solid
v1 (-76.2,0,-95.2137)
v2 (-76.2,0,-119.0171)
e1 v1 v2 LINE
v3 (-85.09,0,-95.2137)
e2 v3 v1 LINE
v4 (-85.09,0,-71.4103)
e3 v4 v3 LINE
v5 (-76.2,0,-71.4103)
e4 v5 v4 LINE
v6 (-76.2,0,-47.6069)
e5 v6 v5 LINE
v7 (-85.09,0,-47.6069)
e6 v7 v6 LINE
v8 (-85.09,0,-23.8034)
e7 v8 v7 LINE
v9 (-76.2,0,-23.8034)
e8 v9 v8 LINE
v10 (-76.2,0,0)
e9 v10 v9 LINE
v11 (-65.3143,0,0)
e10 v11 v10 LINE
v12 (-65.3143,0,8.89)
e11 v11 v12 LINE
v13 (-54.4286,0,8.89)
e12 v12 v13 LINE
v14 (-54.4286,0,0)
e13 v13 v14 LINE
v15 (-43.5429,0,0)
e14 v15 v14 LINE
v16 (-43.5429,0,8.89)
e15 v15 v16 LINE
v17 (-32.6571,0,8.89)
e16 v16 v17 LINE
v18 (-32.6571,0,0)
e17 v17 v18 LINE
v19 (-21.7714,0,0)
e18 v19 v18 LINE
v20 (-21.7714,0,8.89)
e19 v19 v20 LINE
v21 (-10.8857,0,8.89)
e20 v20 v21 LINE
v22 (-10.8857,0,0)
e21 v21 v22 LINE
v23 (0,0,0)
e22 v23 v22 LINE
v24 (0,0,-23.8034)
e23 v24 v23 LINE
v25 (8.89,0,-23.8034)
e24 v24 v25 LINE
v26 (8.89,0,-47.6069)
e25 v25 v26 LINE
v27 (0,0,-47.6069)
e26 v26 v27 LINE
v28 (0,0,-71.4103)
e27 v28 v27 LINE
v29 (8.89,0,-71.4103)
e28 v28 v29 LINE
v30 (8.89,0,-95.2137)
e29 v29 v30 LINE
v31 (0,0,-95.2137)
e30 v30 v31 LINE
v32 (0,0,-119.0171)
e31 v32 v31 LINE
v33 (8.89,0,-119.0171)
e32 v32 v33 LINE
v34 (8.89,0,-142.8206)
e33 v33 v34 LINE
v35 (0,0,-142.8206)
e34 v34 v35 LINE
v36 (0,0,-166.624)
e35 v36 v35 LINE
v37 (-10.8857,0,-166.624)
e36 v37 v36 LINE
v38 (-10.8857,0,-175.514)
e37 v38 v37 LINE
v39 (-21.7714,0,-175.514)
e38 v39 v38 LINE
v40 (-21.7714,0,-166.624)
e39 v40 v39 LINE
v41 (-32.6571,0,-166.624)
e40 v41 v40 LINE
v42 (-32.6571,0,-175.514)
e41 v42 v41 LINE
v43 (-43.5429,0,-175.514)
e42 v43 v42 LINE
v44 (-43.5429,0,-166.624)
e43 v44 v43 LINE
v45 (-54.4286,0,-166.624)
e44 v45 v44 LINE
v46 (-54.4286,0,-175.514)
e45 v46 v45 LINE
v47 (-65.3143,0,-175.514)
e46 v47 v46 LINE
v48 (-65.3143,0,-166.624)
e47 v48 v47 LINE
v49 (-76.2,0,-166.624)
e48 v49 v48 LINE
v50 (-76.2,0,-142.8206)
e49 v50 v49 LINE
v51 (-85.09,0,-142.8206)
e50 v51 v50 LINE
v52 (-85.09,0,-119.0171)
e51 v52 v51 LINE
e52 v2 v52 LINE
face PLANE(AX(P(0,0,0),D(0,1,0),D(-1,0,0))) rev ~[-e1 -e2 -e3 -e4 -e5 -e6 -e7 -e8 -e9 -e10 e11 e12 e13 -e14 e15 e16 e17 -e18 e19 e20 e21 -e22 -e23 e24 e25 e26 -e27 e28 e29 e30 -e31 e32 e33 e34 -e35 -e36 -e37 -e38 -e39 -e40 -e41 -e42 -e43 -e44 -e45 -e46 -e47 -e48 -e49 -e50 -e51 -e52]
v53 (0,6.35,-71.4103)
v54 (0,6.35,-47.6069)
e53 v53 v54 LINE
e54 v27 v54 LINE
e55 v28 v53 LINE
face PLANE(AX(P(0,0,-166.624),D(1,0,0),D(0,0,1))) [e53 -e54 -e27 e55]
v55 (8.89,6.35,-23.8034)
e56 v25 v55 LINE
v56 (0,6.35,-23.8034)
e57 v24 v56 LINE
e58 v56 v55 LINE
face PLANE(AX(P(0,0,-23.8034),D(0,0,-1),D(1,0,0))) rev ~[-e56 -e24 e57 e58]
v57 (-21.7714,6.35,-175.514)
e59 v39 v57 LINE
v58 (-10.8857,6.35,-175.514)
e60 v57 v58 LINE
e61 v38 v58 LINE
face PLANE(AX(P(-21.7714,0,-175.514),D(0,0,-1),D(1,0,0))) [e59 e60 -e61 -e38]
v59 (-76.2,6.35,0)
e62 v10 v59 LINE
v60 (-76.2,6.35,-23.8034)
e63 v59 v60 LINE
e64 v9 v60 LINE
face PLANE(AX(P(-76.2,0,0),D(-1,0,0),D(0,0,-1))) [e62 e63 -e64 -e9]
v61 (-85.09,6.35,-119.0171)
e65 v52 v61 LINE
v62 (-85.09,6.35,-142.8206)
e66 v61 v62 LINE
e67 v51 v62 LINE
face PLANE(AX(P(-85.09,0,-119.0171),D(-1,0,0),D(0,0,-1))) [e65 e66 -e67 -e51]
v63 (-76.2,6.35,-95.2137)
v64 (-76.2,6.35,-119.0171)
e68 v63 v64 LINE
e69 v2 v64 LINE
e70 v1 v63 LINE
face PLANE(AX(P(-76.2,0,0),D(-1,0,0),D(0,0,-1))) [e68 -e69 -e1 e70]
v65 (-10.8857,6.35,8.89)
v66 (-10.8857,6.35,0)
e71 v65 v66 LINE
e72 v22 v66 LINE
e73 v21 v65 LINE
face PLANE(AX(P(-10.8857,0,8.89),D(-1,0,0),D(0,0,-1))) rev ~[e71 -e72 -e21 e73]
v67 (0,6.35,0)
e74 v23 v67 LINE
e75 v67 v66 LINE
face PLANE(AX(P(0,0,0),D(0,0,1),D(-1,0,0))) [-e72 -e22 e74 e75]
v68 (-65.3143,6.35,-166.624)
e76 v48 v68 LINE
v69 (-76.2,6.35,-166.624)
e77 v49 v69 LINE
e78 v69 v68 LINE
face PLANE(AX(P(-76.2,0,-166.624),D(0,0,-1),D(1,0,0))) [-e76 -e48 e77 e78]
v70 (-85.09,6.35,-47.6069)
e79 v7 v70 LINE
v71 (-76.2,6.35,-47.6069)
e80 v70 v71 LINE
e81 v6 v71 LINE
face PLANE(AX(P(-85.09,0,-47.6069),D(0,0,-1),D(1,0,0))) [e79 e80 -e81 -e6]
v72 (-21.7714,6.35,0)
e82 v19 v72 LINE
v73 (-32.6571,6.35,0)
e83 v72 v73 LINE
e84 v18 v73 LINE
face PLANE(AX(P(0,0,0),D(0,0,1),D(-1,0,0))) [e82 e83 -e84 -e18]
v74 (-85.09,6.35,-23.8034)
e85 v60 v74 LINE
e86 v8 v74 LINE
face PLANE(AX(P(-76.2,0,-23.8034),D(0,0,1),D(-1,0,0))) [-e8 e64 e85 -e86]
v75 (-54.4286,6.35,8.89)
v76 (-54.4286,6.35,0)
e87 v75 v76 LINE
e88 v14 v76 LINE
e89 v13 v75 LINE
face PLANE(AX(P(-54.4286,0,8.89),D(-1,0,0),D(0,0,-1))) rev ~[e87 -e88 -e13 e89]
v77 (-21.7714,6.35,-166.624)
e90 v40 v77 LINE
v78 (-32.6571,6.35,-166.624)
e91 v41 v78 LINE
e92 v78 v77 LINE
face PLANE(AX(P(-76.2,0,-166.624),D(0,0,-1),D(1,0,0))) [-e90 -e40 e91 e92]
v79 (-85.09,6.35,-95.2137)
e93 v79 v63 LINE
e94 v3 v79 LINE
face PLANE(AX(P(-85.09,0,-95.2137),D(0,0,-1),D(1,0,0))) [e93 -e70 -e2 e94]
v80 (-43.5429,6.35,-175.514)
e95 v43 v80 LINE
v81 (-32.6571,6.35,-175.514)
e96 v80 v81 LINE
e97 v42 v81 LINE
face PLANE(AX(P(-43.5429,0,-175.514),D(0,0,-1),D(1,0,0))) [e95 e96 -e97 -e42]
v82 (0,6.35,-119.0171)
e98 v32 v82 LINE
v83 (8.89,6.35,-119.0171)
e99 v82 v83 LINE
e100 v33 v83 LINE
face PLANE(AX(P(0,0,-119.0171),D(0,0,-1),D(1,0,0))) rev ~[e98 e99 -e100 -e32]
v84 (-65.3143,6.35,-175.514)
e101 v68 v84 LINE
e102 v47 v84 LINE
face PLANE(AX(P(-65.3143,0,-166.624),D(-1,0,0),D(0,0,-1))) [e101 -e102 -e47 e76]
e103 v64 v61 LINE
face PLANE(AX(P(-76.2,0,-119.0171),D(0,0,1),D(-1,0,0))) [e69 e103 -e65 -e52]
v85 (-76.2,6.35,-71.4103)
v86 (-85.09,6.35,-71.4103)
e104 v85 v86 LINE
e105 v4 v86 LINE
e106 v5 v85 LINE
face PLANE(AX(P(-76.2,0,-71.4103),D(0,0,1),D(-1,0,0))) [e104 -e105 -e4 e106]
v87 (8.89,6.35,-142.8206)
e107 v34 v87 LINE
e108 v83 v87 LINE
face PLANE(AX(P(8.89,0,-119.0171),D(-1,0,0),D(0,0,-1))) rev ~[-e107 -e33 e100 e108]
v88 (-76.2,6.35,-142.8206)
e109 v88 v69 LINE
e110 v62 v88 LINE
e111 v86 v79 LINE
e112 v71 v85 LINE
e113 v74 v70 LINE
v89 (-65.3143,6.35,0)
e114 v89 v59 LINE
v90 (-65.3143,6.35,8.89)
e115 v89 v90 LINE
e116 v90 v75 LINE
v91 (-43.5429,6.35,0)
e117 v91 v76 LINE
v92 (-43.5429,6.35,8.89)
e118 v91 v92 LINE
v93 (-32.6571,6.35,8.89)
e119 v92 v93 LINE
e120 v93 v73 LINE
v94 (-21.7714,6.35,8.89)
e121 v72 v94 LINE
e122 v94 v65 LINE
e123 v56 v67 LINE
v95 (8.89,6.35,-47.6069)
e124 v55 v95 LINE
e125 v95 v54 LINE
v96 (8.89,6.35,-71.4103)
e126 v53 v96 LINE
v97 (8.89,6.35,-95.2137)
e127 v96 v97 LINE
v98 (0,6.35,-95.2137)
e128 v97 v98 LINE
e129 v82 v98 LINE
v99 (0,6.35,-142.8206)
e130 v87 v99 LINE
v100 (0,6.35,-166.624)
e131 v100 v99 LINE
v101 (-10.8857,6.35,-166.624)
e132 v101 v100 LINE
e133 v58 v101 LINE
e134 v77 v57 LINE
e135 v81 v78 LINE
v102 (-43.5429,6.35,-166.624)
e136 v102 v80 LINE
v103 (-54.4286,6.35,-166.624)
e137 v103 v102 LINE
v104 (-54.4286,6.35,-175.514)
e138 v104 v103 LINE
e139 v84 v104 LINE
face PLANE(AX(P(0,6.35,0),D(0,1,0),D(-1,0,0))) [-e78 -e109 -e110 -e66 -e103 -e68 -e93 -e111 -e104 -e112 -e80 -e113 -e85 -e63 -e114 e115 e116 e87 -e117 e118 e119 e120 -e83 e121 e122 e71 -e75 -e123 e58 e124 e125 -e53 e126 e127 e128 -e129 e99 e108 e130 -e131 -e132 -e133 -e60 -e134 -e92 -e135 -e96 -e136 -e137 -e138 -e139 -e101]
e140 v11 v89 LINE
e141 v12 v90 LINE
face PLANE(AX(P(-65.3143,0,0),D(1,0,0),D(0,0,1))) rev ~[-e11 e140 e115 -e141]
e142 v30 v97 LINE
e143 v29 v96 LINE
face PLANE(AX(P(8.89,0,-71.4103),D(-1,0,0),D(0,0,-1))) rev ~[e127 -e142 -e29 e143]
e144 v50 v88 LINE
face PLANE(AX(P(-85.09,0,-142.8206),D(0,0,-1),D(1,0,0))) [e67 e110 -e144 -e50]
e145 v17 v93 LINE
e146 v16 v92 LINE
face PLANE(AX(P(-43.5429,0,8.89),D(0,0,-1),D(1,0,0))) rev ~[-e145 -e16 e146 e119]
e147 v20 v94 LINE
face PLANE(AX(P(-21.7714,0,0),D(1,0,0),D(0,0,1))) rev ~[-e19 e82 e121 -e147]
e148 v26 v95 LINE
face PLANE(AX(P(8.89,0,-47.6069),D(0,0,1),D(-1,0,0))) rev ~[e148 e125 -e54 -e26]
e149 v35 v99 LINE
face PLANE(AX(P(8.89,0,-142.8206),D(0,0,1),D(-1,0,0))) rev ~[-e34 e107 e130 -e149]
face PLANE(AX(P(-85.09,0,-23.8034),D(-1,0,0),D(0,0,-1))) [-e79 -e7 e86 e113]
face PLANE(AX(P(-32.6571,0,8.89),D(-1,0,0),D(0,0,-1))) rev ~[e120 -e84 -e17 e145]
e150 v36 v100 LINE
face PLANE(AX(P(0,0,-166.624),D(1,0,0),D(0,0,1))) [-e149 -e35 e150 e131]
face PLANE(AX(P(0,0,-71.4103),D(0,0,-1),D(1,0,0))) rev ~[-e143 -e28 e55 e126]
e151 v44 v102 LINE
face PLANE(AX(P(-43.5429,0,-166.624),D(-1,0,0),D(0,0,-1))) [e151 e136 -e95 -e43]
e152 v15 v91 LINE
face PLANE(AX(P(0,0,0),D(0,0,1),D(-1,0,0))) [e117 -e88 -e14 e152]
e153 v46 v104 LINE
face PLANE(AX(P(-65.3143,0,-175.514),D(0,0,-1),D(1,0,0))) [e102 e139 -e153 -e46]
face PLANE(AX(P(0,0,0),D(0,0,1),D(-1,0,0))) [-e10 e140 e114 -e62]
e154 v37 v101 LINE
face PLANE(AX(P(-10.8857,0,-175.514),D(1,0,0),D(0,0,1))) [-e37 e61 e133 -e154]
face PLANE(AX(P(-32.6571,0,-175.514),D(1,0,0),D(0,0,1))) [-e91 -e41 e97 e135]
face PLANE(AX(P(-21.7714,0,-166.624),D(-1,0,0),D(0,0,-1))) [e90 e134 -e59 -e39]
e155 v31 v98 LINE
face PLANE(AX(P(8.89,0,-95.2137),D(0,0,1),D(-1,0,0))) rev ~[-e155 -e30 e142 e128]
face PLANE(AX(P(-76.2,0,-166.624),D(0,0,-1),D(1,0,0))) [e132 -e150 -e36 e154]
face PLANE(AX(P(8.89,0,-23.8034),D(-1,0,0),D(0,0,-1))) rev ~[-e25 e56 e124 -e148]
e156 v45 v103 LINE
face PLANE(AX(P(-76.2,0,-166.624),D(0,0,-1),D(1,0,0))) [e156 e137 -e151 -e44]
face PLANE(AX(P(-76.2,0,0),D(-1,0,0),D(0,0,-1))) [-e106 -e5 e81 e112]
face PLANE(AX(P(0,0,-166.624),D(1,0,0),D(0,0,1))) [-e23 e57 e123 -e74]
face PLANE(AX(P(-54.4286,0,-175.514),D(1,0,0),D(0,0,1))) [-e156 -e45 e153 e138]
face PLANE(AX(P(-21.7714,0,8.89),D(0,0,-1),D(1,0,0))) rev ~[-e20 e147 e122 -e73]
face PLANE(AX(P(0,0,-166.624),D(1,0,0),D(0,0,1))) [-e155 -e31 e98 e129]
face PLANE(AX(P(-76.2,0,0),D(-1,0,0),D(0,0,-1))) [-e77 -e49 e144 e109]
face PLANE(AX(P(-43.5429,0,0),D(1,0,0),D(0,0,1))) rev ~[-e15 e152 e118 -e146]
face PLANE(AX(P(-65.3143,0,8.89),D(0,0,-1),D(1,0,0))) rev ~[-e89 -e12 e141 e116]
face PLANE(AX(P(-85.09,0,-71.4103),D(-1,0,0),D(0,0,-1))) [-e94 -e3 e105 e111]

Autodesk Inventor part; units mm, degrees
ref_plane "YZ Plane" through (0, 0, 0) normal (1, 0, 0) x (0, 1, 0)
ref_plane "XZ Plane" through (0, 0, 0) normal (0, 1, 0) x (-1, 0, 0)
ref_plane "XY Plane" through (0, 0, 0) normal (0, 0, 1) x (1, 0, 0)
sketch "Sketch1" plane through (0, 0, 0) normal (0, 1, 0) x (-1, 0, 0)
  point P0 (0, 0)
sketch "Sketch2" plane through (0, 0, 0) normal (0, 1, 0) x (-1, 0, 0)
  line L0 (0, 0) -> (76.2, 0)
  line L1 (76.2, 0) -> (76.2, -166.624)
  line L2 (76.2, -166.624) -> (0, -166.624)
  line L3 (0, -166.624) -> (0, 0)
  dimension "d0" = 76.2
  dimension "d1" = 166.624
extrude "Base Extrusion" add sketch "Sketch2" along normal blind 6.35
sketch "Sketch3" plane through (0, 0, 0) normal (0, 1, 0) x (-1, 0, 0)
  line L0 (76.2, 0) -> (0, 0) projected
  line L1 (0, 0) -> (0, -166.624) projected
  line L2 (0, -166.624) -> (76.2, -166.624) projected
  line L3 (76.2, -166.624) -> (76.2, 0) projected
  line L4 (10.8857, 0) -> (21.7714, 0)
  line L5 (21.7714, 0) -> (21.7714, 8.89)
  line L6 (21.7714, 8.89) -> (10.8857, 8.89)
  line L7 (10.8857, 8.89) -> (10.8857, 0)
  line L8 (32.6571, 0) -> (43.5429, 0)
  line L9 (43.5429, 0) -> (43.5429, 8.89)
  line L10 (43.5429, 8.89) -> (32.6571, 8.89)
  line L11 (32.6571, 8.89) -> (32.6571, 0)
  line L12 (54.4286, 0) -> (65.3143, 0)
  line L13 (65.3143, 0) -> (65.3143, 8.89)
  line L14 (65.3143, 8.89) -> (54.4286, 8.89)
  line L15 (54.4286, 8.89) -> (54.4286, 0)
  line L16 (76.2, -83.312) -> (0, -83.312) construction
  line L17 (76.2, -166.624) -> (0, -166.624)
  line L18 (10.8857, -166.624) -> (21.7714, -166.624)
  line L19 (21.7714, -166.624) -> (21.7714, -175.514)
  line L20 (21.7714, -175.514) -> (10.8857, -175.514)
  line L21 (10.8857, -175.514) -> (10.8857, -166.624)
  line L22 (43.5429, -166.624) -> (43.5429, -175.514)
  line L23 (43.5429, -175.514) -> (32.6571, -175.514)
  line L24 (32.6571, -175.514) -> (32.6571, -166.624)
  line L25 (32.6571, -166.624) -> (43.5429, -166.624)
  line L26 (65.3143, -166.624) -> (65.3143, -175.514)
  line L27 (65.3143, -175.514) -> (54.4286, -175.514)
  line L28 (54.4286, -175.514) -> (54.4286, -166.624)
  line L29 (54.4286, -166.624) -> (65.3143, -166.624)
  line L30 (38.1, 0) -> (38.1, -166.624) construction
  line L31 (0, -23.8034) -> (-8.89, -23.8034)
  line L32 (-8.89, -23.8034) -> (-8.89, -47.6069)
  line L33 (-8.89, -47.6069) -> (0, -47.6069)
  line L34 (0, -47.6069) -> (0, -23.8034)
  line L35 (0, -71.4103) -> (-8.89, -71.4103)
  line L36 (-8.89, -71.4103) -> (-8.89, -95.2137)
  line L37 (-8.89, -95.2137) -> (0, -95.2137)
  line L38 (0, -95.2137) -> (0, -71.4103)
  line L39 (0, -119.0171) -> (-8.89, -119.0171)
  line L40 (-8.89, -119.0171) -> (-8.89, -142.8206)
  line L41 (-8.89, -142.8206) -> (0, -142.8206)
  line L42 (0, -142.8206) -> (0, -119.0171)
  line L43 (76.2, 0) -> (76.2, -166.624)
  line L44 (76.2, -23.8034) -> (85.09, -23.8034)
  line L45 (85.09, -23.8034) -> (85.09, -47.6069)
  line L46 (85.09, -47.6069) -> (76.2, -47.6069)
  line L47 (76.2, -47.6069) -> (76.2, -23.8034)
  line L48 (76.2, -71.4103) -> (85.09, -71.4103)
  line L49 (85.09, -71.4103) -> (85.09, -95.2137)
  line L50 (85.09, -95.2137) -> (76.2, -95.2137)
  line L51 (76.2, -95.2137) -> (76.2, -71.4103)
  line L52 (76.2, -119.0171) -> (85.09, -119.0171)
  line L53 (85.09, -119.0171) -> (85.09, -142.8206)
  line L54 (85.09, -142.8206) -> (76.2, -142.8206)
  line L55 (76.2, -142.8206) -> (76.2, -119.0171)
  dimension "d4" = 10.8857
  dimension "d5" = 8.89
  dimension "d6" = 10.8857
  dimension "d7" = 10.8857
  dimension "d8" = 8.89
  dimension "d9" = 10.8857
  dimension "d10" = 8.89
  dimension "d11" = 10.8857
  dimension "d13" = 10.8857
  dimension "d14" = 76.2
  dimension "d15" = 23.8034
  dimension "d16" = 166.624
  dimension "d17" = 8.89
  dimension "d18" = 23.8034
  dimension "d19" = 8.89
  dimension "d20" = 23.8034
  dimension "d21" = 8.89
  dimension "d22" = 23.8034
  dimension "d23" = 23.8034
  dimension "d24" = 23.8034
extrude "Connections" add sketch "Sketch3" along normal blind 6.35 contours L0 L15 L14 L13 | L44 L45 L46 L3 | L0 L11 L10 L9 | L48 L49 L50 L3 | L0 L7 L6 L5 | L52 L53 L54 L3 | L1 L33 L32 L31 | L26 L27 L28 L2 | L1 L37 L36 L35 | L22 L23 L24 L2 | L1 L41 L40 L39 | L19 L20 L21 L2
sketch "Sketch5" plane through (0, 6.35, 0) normal (0, 1, 0) x (1, 0, 0)
  line L0 (-76.2, 0) -> (-65.3143, 0) projected
  line L1 (-65.3143, 0) -> (-65.3143, -8.89) projected
  line L2 (-65.3143, -8.89) -> (-54.4286, -8.89) projected
  line L3 (-54.4286, -8.89) -> (-54.4286, 0) projected
  line L4 (-54.4286, 0) -> (-43.5429, 0) projected
  line L5 (-43.5429, 0) -> (-43.5429, -8.89) projected
  line L6 (-43.5429, -8.89) -> (-32.6571, -8.89) projected
  line L7 (-32.6571, -8.89) -> (-32.6571, 0) projected
  line L8 (-32.6571, 0) -> (-21.7714, 0) projected
  line L9 (-21.7714, 0) -> (-21.7714, -8.89) projected
  line L10 (-21.7714, -8.89) -> (-10.8857, -8.89) projected
  line L11 (-10.8857, -8.89) -> (-10.8857, 0) projected
  line L12 (-10.8857, 0) -> (0, 0) projected
  line L13 (0, 0) -> (0, 23.8034) projected
  line L14 (0, 23.8034) -> (8.89, 23.8034) projected
  line L15 (8.89, 23.8034) -> (8.89, 47.6069) projected
  line L16 (8.89, 47.6069) -> (0, 47.6069) projected
  line L17 (0, 47.6069) -> (0, 71.4103) projected
  line L18 (0, 71.4103) -> (8.89, 71.4103) projected
  line L19 (8.89, 71.4103) -> (8.89, 95.2137) projected
  line L20 (8.89, 95.2137) -> (0, 95.2137) projected
  line L21 (0, 95.2137) -> (0, 119.0171) projected
  line L22 (0, 119.0171) -> (8.89, 119.0171) projected
  line L23 (8.89, 119.0171) -> (8.89, 142.8206) projected
  line L24 (8.89, 142.8206) -> (0, 142.8206) projected
  line L25 (0, 142.8206) -> (0, 166.624) projected
  line L26 (0, 166.624) -> (-10.8857, 166.624) projected
  line L27 (-10.8857, 166.624) -> (-10.8857, 175.514) projected
  line L28 (-10.8857, 175.514) -> (-21.7714, 175.514) projected
  line L29 (-21.7714, 175.514) -> (-21.7714, 166.624) projected
  line L30 (-21.7714, 166.624) -> (-32.6571, 166.624) projected
  line L31 (-32.6571, 166.624) -> (-32.6571, 175.514) projected
  line L32 (-32.6571, 175.514) -> (-43.5429, 175.514) projected
  line L33 (-43.5429, 175.514) -> (-43.5429, 166.624) projected
  line L34 (-43.5429, 166.624) -> (-54.4286, 166.624) projected
  line L35 (-54.4286, 166.624) -> (-54.4286, 175.514) projected
  line L36 (-54.4286, 175.514) -> (-65.3143, 175.514) projected
  line L37 (-65.3143, 175.514) -> (-65.3143, 166.624) projected
  line L38 (-65.3143, 166.624) -> (-76.2, 166.624) projected
  line L39 (-76.2, 166.624) -> (-76.2, 142.8206) projected
  line L40 (-76.2, 142.8206) -> (-85.09, 142.8206) projected
  line L41 (-85.09, 142.8206) -> (-85.09, 119.0171) projected
  line L42 (-85.09, 119.0171) -> (-76.2, 119.0171) projected
  line L43 (-76.2, 119.0171) -> (-76.2, 95.2137) projected
  line L44 (-76.2, 95.2137) -> (-85.09, 95.2137) projected
  line L45 (-85.09, 95.2137) -> (-85.09, 71.4103) projected
  line L46 (-85.09, 71.4103) -> (-76.2, 71.4103) projected
  line L47 (-76.2, 71.4103) -> (-76.2, 47.6069) projected
  line L48 (-76.2, 47.6069) -> (-85.09, 47.6069) projected
  line L49 (-85.09, 47.6069) -> (-85.09, 23.8034) projected
  line L50 (-85.09, 23.8034) -> (-76.2, 23.8034) projected
  line L51 (-76.2, 23.8034) -> (-76.2, 0) projected
equation "\"d5\" = WallConA"
equation "\"d6\" = -0.75 * d4 + 0.25 * d14"
equation "\"d7\" = d4"
equation "\"d8\" = d5"
equation "\"d9\" = d4"
equation "\"d10\" = d5"
equation "\"d11\" = d6"
equation "\"d13\" = d6"
equation "\"d15\" = -0.75 * d18 + 0.25 * d16"
equation "\"d17\" = WallConA"
equation "\"d18\" = 0.142857 * d16"
equation "\"d19\" = d17"
equation "\"d20\" = d18"
equation "\"d21\" = d17"
equation "\"d22\" = d18"
equation "\"d23\" = d15"
equation "\"d24\" = d15"
equation "\"WallConA\" = 8.89"
properties part number "Cap(Reader)"
